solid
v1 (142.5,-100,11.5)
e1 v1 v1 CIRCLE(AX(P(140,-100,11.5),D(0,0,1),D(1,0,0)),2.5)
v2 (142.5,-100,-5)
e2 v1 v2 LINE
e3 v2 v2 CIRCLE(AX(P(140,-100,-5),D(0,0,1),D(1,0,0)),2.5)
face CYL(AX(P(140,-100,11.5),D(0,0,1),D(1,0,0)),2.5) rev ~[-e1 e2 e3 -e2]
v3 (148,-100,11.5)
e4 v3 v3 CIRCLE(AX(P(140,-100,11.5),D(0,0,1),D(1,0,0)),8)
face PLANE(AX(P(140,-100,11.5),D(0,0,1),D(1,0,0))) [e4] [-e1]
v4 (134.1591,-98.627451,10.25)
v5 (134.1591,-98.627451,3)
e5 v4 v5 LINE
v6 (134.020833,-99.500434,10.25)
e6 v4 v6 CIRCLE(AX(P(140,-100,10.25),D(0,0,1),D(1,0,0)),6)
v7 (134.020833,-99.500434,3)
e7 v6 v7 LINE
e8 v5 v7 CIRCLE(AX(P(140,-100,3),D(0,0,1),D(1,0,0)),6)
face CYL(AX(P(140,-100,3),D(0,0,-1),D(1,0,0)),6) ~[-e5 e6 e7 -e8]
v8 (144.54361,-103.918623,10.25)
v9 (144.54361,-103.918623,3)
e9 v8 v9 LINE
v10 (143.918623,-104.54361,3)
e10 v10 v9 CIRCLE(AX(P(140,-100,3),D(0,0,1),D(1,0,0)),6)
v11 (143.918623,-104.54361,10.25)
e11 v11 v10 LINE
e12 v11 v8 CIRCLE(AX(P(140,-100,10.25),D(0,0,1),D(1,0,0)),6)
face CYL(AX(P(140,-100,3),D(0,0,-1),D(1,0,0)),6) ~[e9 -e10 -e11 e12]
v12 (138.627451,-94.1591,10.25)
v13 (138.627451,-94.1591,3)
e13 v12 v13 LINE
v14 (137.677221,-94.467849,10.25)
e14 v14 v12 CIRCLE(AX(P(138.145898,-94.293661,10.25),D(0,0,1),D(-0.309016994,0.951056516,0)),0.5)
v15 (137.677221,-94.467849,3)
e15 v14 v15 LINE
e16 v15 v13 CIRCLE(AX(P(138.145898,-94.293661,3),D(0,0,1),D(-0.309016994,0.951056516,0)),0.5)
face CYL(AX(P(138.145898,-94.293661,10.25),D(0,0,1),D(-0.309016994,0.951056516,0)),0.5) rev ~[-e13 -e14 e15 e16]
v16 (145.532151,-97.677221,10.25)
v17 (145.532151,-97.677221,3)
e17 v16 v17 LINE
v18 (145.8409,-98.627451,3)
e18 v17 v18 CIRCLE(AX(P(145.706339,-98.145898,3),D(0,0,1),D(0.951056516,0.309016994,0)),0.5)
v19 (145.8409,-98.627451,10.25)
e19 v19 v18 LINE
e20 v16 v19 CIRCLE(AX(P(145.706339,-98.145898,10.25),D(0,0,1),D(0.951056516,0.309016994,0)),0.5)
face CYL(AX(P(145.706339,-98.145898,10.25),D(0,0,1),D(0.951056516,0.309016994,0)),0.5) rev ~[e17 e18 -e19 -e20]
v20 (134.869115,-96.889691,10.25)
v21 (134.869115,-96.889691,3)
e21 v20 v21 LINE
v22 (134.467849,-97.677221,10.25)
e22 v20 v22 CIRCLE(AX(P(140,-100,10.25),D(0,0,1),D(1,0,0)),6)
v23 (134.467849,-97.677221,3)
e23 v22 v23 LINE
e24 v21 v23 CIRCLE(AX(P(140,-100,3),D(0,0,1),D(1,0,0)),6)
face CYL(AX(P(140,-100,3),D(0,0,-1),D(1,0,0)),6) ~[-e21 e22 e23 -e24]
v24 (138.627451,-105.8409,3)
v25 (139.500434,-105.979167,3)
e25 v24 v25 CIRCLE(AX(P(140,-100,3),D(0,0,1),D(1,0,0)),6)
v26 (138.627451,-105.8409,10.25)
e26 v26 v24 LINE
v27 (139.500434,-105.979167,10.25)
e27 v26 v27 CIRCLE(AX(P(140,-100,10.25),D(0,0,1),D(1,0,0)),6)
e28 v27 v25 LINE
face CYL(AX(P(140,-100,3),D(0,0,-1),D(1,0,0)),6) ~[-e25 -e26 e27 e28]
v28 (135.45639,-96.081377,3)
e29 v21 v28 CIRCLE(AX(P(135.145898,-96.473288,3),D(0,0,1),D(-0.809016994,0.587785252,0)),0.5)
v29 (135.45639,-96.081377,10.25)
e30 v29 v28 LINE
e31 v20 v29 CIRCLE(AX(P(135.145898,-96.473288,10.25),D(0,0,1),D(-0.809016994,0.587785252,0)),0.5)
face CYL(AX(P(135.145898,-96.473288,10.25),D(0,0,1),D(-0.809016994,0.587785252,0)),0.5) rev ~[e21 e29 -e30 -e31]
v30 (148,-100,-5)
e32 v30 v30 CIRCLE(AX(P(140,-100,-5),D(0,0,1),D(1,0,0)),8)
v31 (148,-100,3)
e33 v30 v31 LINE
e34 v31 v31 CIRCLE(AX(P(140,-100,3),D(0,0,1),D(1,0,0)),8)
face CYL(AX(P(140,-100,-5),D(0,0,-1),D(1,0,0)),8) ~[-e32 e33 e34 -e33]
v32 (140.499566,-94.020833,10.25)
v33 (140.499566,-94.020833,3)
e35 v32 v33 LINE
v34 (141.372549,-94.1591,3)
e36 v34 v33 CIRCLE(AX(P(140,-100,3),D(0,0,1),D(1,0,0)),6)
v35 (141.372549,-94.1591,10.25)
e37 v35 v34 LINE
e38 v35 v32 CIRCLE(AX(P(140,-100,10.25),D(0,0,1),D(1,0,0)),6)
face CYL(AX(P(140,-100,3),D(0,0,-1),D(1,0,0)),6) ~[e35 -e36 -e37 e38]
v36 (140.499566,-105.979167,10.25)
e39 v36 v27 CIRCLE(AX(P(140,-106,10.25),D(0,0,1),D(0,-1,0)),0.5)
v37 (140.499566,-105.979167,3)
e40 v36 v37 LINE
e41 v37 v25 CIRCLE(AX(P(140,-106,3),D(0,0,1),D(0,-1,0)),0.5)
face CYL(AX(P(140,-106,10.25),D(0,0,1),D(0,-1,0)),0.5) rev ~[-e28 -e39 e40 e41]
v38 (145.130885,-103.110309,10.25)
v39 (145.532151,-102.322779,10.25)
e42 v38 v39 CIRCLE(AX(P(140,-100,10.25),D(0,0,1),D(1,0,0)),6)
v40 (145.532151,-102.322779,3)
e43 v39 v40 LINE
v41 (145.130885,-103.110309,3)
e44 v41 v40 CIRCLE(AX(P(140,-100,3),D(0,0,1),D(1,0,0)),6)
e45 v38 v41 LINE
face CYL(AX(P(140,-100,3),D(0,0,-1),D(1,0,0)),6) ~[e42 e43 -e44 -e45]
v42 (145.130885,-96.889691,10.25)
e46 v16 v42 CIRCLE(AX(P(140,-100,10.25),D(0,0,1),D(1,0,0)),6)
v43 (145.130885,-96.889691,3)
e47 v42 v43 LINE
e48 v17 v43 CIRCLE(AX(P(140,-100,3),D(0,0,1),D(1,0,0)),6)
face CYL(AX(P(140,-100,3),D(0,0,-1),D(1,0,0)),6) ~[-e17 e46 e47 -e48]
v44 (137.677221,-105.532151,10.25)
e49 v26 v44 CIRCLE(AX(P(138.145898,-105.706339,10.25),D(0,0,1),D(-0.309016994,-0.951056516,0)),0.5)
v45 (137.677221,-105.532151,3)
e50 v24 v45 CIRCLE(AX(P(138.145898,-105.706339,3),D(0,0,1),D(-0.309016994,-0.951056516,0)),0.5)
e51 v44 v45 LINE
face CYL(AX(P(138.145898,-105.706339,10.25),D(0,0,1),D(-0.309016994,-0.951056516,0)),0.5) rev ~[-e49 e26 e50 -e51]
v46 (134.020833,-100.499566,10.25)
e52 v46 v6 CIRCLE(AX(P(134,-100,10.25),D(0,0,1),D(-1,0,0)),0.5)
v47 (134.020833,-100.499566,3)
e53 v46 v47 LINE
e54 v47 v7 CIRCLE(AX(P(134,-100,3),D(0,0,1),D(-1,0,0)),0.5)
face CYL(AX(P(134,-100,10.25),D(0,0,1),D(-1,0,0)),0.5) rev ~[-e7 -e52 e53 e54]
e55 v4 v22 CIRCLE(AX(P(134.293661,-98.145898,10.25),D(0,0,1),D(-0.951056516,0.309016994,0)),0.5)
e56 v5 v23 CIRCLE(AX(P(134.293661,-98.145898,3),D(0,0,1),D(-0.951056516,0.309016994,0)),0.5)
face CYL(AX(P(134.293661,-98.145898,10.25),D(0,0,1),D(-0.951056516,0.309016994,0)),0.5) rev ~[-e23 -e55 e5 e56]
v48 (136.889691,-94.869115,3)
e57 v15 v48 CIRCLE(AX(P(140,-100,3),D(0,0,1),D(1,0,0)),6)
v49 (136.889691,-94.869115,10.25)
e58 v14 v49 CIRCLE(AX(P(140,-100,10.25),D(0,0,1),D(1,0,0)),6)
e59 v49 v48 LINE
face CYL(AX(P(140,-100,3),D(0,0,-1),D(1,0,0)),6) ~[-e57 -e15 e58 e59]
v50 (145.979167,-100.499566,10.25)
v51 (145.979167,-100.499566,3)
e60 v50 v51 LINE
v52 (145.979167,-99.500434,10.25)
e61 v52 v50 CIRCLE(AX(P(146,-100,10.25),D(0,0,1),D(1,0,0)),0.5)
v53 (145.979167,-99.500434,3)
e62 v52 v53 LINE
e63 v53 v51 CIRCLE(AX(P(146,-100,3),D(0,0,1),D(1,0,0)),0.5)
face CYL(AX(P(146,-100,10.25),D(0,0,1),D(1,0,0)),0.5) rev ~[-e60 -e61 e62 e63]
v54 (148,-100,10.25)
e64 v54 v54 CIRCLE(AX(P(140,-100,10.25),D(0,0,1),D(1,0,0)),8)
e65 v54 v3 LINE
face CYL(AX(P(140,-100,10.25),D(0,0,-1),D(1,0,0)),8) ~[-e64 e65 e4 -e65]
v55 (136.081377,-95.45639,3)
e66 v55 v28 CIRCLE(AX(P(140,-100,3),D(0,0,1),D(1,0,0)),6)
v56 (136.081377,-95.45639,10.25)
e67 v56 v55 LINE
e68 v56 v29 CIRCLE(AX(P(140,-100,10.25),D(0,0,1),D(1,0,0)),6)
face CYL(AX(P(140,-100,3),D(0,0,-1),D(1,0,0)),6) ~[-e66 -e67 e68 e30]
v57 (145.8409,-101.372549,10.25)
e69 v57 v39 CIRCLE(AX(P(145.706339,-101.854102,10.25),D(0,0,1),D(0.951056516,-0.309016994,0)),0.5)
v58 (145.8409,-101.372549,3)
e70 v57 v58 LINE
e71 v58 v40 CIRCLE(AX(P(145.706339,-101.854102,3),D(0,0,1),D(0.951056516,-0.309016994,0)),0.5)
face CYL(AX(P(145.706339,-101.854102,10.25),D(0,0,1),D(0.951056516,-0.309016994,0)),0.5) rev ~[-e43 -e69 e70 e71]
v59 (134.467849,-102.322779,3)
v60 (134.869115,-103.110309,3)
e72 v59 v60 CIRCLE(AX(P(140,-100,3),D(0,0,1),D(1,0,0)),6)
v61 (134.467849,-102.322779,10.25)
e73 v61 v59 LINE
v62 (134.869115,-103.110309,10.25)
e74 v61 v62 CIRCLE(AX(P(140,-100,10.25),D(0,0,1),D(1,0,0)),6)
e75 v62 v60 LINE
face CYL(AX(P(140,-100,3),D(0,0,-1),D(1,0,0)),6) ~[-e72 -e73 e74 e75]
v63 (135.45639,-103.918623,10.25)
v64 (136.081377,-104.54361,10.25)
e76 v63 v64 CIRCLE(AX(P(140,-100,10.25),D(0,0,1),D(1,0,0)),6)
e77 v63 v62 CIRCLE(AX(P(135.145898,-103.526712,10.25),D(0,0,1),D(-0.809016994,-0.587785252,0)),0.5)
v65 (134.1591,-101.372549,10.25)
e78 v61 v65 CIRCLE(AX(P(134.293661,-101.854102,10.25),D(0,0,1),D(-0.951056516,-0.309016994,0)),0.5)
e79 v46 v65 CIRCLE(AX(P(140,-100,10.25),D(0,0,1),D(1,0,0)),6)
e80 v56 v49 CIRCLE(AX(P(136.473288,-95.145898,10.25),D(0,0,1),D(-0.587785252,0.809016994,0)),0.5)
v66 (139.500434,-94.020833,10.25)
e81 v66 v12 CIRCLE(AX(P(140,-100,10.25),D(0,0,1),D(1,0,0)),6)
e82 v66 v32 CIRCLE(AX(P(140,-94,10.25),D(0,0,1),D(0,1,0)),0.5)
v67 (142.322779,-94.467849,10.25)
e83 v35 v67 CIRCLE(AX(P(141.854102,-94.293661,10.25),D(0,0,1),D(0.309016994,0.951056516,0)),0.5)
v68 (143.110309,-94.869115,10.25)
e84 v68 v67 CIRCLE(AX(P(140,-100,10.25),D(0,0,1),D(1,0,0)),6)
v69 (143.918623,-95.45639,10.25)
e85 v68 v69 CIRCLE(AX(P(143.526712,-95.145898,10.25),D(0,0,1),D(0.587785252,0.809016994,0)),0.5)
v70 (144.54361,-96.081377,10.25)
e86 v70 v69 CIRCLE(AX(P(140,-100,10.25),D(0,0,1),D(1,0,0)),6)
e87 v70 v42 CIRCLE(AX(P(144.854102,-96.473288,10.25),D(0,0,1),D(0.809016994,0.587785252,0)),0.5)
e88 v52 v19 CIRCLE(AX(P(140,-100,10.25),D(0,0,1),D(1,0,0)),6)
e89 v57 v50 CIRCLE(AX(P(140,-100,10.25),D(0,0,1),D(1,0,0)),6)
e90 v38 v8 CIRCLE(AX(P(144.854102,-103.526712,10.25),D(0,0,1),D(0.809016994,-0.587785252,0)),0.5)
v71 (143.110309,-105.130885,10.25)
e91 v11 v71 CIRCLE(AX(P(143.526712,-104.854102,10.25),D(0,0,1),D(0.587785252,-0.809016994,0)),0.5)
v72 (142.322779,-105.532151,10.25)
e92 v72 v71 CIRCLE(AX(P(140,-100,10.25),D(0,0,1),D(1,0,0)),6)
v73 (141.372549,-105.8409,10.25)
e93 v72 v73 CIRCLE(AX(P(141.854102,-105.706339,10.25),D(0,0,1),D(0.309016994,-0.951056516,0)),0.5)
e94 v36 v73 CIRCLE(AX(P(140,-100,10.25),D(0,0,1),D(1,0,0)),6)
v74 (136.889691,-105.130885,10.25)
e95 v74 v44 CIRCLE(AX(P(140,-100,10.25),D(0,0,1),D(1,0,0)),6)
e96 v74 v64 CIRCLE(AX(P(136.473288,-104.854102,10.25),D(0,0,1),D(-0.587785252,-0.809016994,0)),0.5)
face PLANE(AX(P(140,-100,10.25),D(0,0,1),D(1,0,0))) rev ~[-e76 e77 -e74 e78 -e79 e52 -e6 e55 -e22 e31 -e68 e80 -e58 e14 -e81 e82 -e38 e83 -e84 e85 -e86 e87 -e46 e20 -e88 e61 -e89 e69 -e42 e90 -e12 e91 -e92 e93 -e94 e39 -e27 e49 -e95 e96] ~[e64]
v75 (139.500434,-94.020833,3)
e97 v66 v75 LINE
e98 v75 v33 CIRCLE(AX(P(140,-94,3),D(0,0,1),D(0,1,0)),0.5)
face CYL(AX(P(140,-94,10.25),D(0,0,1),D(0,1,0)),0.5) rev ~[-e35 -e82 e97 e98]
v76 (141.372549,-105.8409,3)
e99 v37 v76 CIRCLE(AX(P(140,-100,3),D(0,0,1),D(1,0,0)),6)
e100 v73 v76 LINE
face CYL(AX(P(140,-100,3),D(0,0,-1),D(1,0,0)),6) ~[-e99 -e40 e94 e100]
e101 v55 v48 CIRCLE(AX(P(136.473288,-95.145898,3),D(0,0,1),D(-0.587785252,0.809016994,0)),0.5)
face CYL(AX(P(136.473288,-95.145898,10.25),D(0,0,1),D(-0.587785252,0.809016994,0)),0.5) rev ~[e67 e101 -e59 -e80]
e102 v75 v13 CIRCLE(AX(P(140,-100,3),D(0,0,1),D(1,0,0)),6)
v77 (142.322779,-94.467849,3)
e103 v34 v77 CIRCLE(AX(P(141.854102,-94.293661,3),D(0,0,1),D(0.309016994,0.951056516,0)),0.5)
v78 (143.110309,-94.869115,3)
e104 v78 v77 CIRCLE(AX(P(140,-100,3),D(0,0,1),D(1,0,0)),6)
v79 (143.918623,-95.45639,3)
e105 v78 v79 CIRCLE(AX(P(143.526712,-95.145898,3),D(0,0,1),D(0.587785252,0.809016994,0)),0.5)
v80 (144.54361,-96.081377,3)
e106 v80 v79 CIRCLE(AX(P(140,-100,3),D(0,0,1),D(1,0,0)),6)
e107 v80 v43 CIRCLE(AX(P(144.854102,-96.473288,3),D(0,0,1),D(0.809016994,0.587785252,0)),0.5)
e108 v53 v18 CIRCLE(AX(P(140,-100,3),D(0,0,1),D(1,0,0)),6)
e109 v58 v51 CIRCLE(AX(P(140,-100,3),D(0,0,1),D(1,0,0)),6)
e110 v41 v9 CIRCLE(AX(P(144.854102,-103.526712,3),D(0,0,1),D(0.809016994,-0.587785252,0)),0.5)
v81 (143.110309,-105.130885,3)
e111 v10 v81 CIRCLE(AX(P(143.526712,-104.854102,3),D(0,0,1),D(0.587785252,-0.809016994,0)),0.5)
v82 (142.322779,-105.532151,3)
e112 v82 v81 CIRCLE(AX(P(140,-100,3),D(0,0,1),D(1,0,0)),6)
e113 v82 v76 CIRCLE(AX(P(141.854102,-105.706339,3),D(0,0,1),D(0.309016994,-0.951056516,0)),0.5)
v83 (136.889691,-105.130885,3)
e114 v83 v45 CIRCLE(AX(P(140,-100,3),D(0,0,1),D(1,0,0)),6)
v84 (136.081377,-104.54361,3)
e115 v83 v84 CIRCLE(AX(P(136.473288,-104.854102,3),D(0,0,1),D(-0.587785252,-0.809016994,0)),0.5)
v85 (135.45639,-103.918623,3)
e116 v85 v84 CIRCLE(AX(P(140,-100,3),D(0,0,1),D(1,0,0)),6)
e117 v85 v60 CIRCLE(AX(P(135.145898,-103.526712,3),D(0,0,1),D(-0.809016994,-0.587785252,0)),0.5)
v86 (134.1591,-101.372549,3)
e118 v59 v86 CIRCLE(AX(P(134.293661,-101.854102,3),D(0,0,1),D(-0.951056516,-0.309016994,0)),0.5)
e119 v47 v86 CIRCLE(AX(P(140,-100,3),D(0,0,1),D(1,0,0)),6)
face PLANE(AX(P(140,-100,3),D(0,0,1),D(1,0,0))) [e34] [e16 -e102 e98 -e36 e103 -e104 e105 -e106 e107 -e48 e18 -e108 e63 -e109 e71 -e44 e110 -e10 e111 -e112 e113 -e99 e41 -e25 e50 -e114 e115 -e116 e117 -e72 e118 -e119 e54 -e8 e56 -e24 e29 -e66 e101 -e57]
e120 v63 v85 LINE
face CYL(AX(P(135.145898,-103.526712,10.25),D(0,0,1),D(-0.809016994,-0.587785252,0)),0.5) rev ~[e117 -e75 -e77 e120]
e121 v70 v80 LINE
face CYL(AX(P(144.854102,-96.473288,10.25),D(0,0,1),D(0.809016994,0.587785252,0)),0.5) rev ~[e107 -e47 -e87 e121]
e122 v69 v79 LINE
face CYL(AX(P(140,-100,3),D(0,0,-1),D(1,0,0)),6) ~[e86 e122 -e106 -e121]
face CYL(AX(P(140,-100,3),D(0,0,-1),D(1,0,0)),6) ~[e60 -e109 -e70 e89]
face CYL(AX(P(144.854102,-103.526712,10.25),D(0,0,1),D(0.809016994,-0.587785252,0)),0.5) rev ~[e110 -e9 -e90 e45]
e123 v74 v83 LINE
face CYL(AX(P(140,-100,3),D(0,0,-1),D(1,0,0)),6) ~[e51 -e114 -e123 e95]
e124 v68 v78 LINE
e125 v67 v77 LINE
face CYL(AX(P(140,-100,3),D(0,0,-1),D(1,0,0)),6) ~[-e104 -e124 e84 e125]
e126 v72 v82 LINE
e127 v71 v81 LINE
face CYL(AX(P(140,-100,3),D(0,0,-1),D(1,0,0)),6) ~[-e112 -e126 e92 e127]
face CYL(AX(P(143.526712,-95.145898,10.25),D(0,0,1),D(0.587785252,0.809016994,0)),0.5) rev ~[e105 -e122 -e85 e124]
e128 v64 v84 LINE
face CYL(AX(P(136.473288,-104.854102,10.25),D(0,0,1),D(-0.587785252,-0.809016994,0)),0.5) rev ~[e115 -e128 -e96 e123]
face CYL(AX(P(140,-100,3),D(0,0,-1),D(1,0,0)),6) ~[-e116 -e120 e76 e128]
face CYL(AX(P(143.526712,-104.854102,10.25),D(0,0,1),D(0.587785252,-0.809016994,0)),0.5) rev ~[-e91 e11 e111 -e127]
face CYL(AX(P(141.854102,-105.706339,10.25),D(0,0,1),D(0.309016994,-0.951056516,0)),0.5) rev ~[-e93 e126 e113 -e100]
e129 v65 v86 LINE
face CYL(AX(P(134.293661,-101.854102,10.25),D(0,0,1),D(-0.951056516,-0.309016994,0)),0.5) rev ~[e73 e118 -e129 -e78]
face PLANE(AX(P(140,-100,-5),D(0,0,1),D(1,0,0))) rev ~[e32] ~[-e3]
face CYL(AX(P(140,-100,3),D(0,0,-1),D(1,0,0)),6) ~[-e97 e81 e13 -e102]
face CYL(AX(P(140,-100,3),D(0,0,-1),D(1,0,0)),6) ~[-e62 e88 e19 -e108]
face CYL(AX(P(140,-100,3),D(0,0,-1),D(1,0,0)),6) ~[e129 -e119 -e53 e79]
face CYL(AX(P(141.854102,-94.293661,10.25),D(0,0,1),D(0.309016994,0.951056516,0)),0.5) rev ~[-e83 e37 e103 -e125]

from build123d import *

# Parameters (mm, degrees)
SKETCH025_R              = 8
PAD014_DEPTH             = 8
SKETCH026_R              = 6
PAD015_DEPTH             = 7.25
SKETCH027_R              = 0.5
POCKET008_DEPTH          = 7.25
POLARPATTERN_COUNT       = 20
SKETCH028_R              = 8
PAD016_DEPTH             = 1.25
SKETCH029_R              = 2.5
POCKET009_DEPTH          = 16.5
CLONE009_PLACEMENT_ANGLE = 180


with BuildPart() as part:
    # Sketch025 → Pad014 (new body)
    with BuildSketch(Plane(origin=(20, -80, 0), x_dir=(1, 0, 0), z_dir=(0, 0, -1))):
        Circle(SKETCH025_R)
    extrude(amount=PAD014_DEPTH)

    # Sketch026 → Pad015 (new body)
    with BuildSketch(Plane(origin=(20, -80, -8), x_dir=(1, 0, 0), z_dir=(0, 0, -1))):
        Circle(SKETCH026_R)
    extrude(amount=PAD015_DEPTH)

    # Sketch027 → Pocket008 (cut)
    with BuildSketch(Plane(origin=(20, -80, -15.25), x_dir=(1, 0, 0), z_dir=(0, 0, -1))):
        with Locations((6, 0)):
            Circle(SKETCH027_R)
    pocket008 = extrude(amount=-POCKET008_DEPTH, mode=Mode.SUBTRACT)

    # PolarPattern: Pocket008 ×20 about axis
    polarpattern_axis = Axis((20, -80, -15.25), (0, 0, -1))
    for i in range(1, POLARPATTERN_COUNT):
        add(pocket008.rotate(polarpattern_axis, i * 360 / POLARPATTERN_COUNT), mode=Mode.SUBTRACT)

    # Sketch028 → Pad016 (new body)
    with BuildSketch(Plane(origin=(20, -80, -15.25), x_dir=(1, 0, 0), z_dir=(0, 0, -1))):
        Circle(SKETCH028_R)
    extrude(amount=PAD016_DEPTH)

    # Sketch029 → Pocket009 (cut)
    with BuildSketch(Plane(origin=(20, -80, -16.5), x_dir=(1, 0, 0), z_dir=(0, 0, -1))):
        Circle(SKETCH029_R)
    extrude(amount=-POCKET009_DEPTH, mode=Mode.SUBTRACT)


with BuildPart() as part_1:
    # Clone009 placement: moved
    add(part.part.moved(Location((120, -180, -5))).rotate(Axis((120, -180, -5), (-1, 0, 0)), CLONE009_PLACEMENT_ANGLE))


solid = part_1.part
